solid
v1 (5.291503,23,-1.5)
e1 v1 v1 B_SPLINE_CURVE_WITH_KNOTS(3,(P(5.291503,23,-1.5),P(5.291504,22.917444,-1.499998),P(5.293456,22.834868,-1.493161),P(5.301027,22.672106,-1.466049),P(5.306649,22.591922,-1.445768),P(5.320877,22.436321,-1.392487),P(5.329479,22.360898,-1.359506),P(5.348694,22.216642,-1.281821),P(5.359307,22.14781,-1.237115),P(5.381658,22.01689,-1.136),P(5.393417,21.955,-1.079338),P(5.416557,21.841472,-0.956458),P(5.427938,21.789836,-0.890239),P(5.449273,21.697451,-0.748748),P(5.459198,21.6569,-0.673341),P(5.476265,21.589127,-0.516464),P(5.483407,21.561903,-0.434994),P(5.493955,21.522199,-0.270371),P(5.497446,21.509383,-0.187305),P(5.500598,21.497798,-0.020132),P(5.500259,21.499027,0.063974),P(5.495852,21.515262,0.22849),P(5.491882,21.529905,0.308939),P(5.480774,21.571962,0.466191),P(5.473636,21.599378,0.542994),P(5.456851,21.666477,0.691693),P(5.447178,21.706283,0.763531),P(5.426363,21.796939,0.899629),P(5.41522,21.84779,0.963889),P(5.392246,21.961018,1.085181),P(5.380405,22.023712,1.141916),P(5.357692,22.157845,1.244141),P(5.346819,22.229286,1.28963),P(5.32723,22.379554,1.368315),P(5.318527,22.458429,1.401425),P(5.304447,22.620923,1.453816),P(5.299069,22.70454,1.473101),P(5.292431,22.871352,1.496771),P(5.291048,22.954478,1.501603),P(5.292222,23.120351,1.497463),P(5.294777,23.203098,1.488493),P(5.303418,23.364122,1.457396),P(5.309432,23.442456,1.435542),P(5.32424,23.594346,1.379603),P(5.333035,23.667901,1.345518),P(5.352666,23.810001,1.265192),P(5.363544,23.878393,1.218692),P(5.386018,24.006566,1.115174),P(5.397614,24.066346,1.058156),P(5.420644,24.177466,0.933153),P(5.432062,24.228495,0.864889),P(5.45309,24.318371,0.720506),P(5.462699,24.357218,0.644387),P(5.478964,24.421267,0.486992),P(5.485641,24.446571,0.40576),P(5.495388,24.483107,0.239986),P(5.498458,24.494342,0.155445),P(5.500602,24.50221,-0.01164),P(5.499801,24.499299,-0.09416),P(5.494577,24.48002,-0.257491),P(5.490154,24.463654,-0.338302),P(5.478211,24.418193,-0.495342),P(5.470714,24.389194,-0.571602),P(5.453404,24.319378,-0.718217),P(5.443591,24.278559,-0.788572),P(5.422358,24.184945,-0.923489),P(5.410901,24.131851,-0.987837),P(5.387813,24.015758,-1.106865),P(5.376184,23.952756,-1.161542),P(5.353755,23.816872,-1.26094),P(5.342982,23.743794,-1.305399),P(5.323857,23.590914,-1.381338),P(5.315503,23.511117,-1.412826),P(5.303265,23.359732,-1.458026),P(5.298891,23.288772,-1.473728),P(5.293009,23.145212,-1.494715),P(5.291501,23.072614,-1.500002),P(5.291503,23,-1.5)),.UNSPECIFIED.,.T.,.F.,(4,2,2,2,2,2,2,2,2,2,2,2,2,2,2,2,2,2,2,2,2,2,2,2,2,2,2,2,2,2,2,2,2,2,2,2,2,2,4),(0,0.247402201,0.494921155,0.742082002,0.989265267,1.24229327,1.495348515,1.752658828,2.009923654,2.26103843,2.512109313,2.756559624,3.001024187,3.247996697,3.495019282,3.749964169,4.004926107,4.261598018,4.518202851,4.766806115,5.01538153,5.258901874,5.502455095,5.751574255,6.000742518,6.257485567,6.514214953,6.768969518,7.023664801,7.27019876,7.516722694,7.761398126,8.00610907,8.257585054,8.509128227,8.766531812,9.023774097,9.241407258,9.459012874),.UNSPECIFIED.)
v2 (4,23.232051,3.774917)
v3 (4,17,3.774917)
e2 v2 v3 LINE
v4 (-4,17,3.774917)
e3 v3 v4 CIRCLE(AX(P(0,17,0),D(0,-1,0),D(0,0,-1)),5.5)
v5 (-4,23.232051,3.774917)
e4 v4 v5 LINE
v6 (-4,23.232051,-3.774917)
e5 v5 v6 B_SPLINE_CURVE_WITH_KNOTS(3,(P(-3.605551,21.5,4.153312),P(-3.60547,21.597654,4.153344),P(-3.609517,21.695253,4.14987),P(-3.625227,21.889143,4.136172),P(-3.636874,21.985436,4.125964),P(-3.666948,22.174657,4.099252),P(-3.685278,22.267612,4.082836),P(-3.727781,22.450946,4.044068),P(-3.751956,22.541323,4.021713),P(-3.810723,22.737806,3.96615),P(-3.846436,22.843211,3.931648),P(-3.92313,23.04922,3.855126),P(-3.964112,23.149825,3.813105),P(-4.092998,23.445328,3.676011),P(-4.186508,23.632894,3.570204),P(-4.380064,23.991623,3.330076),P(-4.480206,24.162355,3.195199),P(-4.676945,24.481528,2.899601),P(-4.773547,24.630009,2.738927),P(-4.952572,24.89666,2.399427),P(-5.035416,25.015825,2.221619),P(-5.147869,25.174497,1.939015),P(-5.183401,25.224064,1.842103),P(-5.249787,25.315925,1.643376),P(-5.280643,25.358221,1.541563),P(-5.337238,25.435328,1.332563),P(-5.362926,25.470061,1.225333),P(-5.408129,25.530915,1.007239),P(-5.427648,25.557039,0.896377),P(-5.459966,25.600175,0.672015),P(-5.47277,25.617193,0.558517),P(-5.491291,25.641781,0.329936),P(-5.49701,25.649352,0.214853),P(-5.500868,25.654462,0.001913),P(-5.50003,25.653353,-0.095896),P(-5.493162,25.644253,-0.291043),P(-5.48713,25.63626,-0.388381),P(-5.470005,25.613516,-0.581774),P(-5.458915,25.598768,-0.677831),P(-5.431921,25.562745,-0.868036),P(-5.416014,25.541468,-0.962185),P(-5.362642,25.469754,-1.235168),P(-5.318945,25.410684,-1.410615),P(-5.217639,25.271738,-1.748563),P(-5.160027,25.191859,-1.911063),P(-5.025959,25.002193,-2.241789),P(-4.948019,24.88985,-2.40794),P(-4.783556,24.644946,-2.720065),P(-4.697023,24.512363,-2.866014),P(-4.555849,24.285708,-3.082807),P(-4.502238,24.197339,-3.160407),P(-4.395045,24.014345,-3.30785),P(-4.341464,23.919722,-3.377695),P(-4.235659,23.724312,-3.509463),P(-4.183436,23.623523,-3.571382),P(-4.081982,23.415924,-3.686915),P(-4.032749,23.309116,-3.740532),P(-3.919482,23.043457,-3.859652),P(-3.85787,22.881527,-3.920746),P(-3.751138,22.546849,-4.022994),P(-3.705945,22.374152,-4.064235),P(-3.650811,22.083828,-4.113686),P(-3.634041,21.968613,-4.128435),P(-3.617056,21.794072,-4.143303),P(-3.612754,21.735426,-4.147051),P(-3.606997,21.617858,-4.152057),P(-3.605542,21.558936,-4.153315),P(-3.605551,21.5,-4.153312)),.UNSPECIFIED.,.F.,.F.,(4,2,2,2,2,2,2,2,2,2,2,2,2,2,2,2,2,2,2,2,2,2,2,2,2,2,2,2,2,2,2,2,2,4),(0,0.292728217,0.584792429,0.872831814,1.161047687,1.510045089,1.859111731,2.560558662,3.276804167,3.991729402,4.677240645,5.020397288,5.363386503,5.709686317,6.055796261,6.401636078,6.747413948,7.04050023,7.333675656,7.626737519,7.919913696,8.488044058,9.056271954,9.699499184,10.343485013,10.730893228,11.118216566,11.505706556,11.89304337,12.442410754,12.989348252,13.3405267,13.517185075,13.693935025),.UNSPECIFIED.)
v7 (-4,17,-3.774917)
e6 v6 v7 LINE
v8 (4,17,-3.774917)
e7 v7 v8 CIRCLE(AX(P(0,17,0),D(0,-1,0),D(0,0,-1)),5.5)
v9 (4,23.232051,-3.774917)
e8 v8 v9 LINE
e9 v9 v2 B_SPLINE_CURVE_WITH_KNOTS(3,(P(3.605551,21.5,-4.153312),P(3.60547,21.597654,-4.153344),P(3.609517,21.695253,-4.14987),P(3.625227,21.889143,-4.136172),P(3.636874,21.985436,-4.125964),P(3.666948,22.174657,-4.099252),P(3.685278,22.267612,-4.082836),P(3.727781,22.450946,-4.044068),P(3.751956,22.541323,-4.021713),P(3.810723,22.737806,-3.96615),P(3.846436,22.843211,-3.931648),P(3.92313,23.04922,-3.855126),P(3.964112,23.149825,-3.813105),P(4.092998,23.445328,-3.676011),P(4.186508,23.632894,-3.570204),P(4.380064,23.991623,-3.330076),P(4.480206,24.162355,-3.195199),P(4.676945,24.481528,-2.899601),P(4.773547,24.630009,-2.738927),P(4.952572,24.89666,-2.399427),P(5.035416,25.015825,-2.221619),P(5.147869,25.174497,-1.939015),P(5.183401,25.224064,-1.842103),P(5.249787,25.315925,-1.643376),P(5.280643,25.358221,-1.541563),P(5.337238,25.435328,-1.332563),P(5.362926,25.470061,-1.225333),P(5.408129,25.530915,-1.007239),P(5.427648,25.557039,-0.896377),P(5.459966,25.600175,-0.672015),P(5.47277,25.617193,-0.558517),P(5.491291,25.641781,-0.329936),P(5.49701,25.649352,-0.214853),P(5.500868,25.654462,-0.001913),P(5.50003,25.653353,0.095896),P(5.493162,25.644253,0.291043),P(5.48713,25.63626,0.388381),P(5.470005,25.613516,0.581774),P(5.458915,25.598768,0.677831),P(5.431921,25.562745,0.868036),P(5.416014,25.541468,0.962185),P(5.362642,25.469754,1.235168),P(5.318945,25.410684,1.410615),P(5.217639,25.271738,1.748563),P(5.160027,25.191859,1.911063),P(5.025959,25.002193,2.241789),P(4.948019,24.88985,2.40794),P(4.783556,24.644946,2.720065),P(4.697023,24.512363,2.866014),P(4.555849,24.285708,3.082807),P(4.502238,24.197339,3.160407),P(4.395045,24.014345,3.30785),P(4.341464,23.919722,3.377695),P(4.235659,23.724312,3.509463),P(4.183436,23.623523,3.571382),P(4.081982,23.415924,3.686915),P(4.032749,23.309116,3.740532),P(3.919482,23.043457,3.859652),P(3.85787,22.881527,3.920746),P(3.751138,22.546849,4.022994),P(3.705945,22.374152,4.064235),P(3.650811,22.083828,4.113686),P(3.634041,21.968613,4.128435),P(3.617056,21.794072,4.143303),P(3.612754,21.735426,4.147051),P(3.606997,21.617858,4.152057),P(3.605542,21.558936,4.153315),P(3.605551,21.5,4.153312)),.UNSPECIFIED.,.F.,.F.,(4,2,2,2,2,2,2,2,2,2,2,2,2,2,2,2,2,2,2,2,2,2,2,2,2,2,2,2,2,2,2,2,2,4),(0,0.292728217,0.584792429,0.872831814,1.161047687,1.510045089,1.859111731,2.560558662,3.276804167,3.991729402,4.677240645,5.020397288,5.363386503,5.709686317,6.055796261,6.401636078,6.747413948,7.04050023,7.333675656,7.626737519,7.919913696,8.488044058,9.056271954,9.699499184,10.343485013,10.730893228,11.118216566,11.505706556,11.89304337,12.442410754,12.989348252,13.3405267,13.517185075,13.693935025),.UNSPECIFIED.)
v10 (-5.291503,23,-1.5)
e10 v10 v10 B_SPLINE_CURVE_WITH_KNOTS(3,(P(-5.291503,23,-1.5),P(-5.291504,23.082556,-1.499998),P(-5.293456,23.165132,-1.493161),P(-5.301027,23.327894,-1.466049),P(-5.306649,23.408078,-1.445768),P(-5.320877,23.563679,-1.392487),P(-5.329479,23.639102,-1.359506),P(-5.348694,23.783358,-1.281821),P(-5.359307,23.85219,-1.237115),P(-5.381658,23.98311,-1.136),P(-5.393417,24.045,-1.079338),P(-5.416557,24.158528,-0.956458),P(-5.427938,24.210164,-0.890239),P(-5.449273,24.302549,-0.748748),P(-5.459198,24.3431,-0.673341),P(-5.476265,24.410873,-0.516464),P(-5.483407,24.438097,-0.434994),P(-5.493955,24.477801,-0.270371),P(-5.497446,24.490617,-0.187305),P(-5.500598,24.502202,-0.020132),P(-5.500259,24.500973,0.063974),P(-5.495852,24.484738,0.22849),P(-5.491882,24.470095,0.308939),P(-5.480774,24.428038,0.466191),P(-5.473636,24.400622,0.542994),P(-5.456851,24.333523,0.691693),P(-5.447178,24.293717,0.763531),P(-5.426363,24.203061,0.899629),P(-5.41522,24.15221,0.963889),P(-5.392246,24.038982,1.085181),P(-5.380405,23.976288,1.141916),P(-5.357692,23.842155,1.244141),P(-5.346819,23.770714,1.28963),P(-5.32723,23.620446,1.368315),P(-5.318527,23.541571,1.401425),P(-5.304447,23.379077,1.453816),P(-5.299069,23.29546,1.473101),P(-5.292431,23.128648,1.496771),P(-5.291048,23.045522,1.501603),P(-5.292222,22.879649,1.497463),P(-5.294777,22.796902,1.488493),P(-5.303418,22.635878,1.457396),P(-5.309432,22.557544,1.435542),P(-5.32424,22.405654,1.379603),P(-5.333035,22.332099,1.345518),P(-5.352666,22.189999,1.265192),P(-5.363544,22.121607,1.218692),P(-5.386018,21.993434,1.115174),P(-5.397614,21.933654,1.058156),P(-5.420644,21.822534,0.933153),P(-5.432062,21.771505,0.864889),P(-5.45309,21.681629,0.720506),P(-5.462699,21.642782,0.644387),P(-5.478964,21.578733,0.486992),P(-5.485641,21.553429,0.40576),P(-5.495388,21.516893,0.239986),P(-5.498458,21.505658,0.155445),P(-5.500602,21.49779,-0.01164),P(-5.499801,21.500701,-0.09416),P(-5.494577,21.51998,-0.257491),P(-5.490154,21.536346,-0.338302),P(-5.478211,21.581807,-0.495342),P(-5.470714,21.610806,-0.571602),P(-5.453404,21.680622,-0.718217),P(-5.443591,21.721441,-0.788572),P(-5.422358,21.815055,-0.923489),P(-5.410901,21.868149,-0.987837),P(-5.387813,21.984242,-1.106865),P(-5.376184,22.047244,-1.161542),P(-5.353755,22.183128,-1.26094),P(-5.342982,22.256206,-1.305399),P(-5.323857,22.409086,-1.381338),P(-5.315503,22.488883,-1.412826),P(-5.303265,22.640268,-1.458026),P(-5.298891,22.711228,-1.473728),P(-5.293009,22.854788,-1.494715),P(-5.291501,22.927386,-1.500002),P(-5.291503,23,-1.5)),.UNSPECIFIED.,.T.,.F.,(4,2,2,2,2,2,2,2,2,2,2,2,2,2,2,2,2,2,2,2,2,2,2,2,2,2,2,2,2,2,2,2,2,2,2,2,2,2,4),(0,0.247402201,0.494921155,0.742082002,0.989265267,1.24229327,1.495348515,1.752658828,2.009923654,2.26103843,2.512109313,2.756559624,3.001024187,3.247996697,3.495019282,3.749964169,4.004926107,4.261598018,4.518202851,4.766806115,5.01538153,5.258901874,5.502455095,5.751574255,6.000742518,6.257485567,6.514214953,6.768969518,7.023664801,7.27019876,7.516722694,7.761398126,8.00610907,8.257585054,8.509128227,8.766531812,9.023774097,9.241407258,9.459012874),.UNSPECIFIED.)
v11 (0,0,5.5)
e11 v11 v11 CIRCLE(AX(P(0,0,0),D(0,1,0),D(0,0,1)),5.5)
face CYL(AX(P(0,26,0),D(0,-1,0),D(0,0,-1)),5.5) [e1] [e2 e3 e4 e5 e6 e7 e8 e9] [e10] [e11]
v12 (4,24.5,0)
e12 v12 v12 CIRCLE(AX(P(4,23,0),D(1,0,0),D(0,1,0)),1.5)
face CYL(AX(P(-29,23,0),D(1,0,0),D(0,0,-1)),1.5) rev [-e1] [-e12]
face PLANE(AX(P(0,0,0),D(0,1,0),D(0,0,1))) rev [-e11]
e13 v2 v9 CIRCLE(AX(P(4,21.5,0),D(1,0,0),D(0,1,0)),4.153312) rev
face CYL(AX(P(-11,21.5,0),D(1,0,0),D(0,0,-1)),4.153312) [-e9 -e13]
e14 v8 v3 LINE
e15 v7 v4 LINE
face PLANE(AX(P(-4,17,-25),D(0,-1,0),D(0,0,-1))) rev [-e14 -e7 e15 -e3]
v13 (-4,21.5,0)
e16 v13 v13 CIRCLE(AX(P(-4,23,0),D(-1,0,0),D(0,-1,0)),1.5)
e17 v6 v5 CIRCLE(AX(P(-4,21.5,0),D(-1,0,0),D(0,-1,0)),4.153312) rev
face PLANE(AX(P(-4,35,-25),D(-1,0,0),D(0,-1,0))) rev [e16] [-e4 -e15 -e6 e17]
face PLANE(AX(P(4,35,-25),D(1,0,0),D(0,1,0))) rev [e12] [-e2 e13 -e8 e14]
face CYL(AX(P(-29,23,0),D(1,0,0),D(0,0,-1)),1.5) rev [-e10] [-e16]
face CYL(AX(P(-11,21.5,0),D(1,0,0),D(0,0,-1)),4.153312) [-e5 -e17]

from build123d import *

# Parameters (mm, degrees)
SKETCH_1_R          = 5.5
EXTRUDE_1_DEPTH     = 26
SKETCH_2_W          = 8
SKETCH_2_H          = 18
CUT_EXTRUDE_1_DEPTH = 25
SKETCH_3_R          = 1.5
CUT_EXTRUDE_2_DEPTH = 25
CUT_EXTRUDE_3_DEPTH = 11


with BuildPart() as part:
    # 草图1 → 凸台-拉伸1 (new body)
    with BuildSketch(Plane(origin=(0, 0, 0), x_dir=(1, 0, 0), z_dir=(0, 1, 0))):
        Circle(SKETCH_1_R)
    extrude(amount=EXTRUDE_1_DEPTH)

    # 草图2 → 切除-拉伸1 (cut, symmetric)
    with BuildSketch(Plane.XY):
        with Locations((0, 26)):
            Rectangle(SKETCH_2_W, SKETCH_2_H)
    extrude(amount=CUT_EXTRUDE_1_DEPTH, both=True, mode=Mode.SUBTRACT)

    # 草图3 → 切除-拉伸2 (cut, symmetric)
    with BuildSketch(Plane(origin=(-4, 0, 0), x_dir=(0, 0, -1), z_dir=(1, 0, 0))):
        with Locations((0, 23)):
            Circle(SKETCH_3_R)
    extrude(amount=CUT_EXTRUDE_2_DEPTH, both=True, mode=Mode.SUBTRACT)

    # 草图5 → 切除-拉伸3 (cut, symmetric)
    with BuildSketch(Plane(origin=(0, 0, 0), x_dir=(0, 0, -1), z_dir=(1, 0, 0))):
        with BuildLine():
            Line((-4.153311931, 21.5), (-12.215121886, 24.91830584))
            Line((-12.215121886, 24.91830584), (0.629850505, 32.78071868))
            Line((0.629850505, 32.78071868), (12.991410006, 24.598657791))
            Line((12.991410006, 24.598657791), (4.153311931, 21.5))
            ThreePointArc((4.153311931, 21.5), (0, 25.653311931), (-4.153311931, 21.5))
        make_face()
    extrude(amount=CUT_EXTRUDE_3_DEPTH, both=True, mode=Mode.SUBTRACT)


solid = part.part
